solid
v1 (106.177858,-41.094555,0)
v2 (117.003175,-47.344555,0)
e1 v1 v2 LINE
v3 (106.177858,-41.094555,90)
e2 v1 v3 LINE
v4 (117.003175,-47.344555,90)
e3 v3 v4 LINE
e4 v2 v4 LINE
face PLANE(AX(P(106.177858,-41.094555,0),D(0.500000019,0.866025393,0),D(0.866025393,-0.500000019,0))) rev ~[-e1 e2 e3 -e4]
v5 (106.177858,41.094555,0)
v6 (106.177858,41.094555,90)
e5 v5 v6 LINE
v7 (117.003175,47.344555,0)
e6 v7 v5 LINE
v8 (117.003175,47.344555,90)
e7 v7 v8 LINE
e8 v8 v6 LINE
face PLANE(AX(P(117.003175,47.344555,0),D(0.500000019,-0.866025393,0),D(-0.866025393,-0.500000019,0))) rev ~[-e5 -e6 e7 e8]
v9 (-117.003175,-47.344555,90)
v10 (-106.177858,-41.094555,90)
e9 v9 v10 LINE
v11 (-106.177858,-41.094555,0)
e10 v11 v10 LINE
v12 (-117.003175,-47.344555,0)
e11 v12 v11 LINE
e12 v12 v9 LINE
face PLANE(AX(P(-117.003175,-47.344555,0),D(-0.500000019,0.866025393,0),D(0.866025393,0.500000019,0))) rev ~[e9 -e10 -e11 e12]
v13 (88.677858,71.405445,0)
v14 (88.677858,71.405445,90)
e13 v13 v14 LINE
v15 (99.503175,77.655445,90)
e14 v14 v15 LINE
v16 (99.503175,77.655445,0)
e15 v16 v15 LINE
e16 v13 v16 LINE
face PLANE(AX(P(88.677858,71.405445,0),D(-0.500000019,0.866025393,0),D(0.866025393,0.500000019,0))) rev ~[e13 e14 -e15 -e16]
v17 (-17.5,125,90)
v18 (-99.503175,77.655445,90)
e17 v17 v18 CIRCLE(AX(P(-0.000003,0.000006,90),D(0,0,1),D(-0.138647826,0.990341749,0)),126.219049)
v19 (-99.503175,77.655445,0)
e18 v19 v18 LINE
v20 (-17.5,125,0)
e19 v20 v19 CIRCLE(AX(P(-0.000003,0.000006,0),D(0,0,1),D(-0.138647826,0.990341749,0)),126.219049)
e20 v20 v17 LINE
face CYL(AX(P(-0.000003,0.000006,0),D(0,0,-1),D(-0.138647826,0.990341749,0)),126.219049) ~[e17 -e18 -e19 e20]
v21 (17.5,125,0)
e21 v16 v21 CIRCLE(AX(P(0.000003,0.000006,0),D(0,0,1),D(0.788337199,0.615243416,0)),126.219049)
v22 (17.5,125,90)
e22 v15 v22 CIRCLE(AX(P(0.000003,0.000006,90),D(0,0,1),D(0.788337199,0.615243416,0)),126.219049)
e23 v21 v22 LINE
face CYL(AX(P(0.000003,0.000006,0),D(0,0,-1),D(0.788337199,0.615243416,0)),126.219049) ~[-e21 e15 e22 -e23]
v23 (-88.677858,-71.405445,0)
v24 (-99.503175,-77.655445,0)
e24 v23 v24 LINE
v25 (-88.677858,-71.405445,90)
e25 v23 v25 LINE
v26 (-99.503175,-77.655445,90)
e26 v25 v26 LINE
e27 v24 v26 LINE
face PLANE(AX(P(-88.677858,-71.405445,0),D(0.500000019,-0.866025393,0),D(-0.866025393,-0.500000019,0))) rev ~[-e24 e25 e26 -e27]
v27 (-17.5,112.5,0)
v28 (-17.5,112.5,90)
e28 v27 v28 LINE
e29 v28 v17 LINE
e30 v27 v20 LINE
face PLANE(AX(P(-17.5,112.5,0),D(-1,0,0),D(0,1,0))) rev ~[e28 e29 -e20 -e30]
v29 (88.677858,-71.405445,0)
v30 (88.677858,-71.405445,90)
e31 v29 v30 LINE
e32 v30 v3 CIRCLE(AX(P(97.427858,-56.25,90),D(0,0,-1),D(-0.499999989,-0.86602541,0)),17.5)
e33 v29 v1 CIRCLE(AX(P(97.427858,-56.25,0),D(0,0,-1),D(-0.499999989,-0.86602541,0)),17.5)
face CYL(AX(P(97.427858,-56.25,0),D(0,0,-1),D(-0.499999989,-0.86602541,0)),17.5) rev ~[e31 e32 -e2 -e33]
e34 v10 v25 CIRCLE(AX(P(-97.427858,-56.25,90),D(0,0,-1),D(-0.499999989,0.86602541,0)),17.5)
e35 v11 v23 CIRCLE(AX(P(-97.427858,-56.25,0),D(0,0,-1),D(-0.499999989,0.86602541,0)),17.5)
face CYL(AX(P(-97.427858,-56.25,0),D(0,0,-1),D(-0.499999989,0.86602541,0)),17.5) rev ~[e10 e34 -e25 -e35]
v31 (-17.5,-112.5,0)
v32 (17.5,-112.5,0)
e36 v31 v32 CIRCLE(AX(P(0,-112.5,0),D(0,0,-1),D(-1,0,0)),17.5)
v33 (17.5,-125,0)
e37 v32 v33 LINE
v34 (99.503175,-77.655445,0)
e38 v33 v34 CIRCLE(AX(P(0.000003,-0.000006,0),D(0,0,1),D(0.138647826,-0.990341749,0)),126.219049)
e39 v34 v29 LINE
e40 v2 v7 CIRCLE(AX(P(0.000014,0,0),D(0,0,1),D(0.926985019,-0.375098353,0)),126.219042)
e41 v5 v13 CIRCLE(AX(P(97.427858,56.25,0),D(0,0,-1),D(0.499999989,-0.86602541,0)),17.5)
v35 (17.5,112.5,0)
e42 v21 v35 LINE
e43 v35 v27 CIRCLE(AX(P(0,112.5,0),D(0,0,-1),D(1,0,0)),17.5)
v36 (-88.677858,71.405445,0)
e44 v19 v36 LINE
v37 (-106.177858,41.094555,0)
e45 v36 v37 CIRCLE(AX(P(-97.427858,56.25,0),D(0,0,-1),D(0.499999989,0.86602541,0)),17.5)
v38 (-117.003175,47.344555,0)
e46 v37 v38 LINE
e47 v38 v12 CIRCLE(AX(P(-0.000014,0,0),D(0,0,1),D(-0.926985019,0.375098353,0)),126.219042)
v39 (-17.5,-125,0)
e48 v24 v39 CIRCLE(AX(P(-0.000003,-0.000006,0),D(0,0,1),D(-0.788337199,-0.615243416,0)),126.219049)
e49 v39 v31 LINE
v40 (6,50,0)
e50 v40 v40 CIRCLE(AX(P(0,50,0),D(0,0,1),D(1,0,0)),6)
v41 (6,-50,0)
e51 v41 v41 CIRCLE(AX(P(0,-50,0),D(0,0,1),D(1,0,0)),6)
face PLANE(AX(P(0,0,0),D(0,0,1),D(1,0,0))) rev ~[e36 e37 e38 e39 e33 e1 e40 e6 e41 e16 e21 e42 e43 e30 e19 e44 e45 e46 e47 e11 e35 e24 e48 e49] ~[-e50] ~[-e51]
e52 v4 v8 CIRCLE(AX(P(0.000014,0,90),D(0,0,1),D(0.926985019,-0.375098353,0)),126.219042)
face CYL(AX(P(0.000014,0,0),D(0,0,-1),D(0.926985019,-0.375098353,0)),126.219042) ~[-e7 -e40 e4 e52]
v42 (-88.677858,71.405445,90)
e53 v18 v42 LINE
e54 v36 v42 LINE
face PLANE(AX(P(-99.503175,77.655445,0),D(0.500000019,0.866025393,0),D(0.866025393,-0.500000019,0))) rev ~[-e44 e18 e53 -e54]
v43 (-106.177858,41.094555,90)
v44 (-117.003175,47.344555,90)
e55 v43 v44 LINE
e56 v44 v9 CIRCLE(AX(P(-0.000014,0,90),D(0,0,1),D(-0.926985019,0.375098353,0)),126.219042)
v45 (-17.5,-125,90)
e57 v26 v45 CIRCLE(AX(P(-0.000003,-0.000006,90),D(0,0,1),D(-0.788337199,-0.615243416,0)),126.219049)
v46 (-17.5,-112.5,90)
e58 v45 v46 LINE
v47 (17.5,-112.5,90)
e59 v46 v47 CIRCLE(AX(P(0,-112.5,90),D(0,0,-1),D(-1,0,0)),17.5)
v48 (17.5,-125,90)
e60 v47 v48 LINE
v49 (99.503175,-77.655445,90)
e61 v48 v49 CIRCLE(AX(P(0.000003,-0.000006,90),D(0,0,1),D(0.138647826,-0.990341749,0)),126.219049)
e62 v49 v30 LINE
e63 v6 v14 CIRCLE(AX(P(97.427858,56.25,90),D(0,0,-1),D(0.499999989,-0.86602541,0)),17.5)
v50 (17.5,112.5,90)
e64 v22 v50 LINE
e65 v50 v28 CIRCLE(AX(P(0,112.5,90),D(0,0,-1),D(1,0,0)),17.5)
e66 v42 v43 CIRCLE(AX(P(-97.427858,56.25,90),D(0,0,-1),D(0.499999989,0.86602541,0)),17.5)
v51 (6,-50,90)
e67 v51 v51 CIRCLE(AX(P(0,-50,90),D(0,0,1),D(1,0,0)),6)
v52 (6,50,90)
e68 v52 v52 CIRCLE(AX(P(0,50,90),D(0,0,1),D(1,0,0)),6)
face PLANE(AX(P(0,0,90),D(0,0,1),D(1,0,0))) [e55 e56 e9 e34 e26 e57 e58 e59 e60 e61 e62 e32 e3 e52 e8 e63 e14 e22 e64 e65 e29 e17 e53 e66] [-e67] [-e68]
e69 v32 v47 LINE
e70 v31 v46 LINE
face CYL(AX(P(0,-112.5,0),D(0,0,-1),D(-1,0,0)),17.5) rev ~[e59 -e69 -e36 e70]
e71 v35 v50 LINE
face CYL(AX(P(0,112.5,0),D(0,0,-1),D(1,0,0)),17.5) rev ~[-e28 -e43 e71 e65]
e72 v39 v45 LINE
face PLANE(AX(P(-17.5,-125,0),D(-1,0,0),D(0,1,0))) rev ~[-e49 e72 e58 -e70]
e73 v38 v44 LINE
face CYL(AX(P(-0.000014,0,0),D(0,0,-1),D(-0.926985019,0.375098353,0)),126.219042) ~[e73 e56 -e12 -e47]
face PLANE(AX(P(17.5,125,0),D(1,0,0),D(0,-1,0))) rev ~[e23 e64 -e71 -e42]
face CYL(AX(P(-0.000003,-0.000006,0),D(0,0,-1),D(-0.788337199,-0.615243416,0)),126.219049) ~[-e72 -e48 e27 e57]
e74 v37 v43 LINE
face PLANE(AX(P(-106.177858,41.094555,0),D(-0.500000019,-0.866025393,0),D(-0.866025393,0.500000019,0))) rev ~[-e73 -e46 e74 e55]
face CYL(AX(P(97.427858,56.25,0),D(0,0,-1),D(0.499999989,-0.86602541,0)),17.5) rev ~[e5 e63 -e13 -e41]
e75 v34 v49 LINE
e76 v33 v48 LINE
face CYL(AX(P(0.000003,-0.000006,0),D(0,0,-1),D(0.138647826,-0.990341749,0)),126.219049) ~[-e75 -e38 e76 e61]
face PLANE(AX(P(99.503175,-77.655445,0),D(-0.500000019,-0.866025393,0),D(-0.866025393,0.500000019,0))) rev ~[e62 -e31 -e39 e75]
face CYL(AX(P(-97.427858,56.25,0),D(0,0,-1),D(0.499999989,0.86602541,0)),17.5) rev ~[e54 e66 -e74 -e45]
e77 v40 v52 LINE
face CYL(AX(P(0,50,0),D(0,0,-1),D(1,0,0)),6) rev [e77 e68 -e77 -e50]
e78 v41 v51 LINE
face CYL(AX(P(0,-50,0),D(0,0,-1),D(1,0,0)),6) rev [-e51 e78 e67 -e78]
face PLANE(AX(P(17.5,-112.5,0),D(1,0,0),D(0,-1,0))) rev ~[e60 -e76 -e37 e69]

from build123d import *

# Parameters (mm, degrees)
F0_R     = 6
F1_DEPTH = 90


with BuildPart() as f1:
    # F0 (on Top) → F1 (new body)
    with BuildSketch(Plane.XY):
        with BuildLine():
            Line((17.5, 125), (17.5, 112.5))
            ThreePointArc((17.5, 112.5), (0, 95), (-17.5, 112.5))
            Line((-17.5, 112.5), (-17.5, 125))
            ThreePointArc((-17.5, 125), (-63.109528, 109.308909), (-99.503175, 77.655445))
            Line((-99.503175, 77.655445), (-88.677858, 71.405445))
            ThreePointArc((-88.677858, 71.405445), (-82.272413, 47.5), (-106.177858, 41.094555))
            Line((-106.177858, 41.094555), (-117.003175, 47.344555))
            ThreePointArc((-117.003175, 47.344555), (-126.219056, 0), (-117.003175, -47.344555))
            Line((-117.003175, -47.344555), (-106.177858, -41.094555))
            ThreePointArc((-106.177858, -41.094555), (-82.272413, -47.5), (-88.677858, -71.405445))
            Line((-88.677858, -71.405445), (-99.503175, -77.655445))
            ThreePointArc((-99.503175, -77.655445), (-63.109528, -109.308909), (-17.5, -125))
            Line((-17.5, -125), (-17.5, -112.5))
            ThreePointArc((-17.5, -112.5), (0, -95), (17.5, -112.5))
            Line((17.5, -112.5), (17.5, -125))
            ThreePointArc((17.5, -125), (63.109528, -109.308909), (99.503175, -77.655445))
            Line((99.503175, -77.655445), (88.677858, -71.405445))
            ThreePointArc((88.677858, -71.405445), (82.272413, -47.5), (106.177858, -41.094555))
            Line((106.177858, -41.094555), (117.003175, -47.344555))
            ThreePointArc((117.003175, -47.344555), (126.219056, 0), (117.003175, 47.344555))
            Line((117.003175, 47.344555), (106.177858, 41.094555))
            ThreePointArc((106.177858, 41.094555), (82.272413, 47.5), (88.677858, 71.405445))
            Line((88.677858, 71.405445), (99.503175, 77.655445))
            ThreePointArc((99.503175, 77.655445), (63.109528, 109.308909), (17.5, 125))
        make_face()
        with Locations((0, -50)):
            Circle(F0_R, mode=Mode.SUBTRACT)
        with Locations((0, 50)):
            Circle(F0_R, mode=Mode.SUBTRACT)
    extrude(amount=F1_DEPTH)


solid = f1.part
